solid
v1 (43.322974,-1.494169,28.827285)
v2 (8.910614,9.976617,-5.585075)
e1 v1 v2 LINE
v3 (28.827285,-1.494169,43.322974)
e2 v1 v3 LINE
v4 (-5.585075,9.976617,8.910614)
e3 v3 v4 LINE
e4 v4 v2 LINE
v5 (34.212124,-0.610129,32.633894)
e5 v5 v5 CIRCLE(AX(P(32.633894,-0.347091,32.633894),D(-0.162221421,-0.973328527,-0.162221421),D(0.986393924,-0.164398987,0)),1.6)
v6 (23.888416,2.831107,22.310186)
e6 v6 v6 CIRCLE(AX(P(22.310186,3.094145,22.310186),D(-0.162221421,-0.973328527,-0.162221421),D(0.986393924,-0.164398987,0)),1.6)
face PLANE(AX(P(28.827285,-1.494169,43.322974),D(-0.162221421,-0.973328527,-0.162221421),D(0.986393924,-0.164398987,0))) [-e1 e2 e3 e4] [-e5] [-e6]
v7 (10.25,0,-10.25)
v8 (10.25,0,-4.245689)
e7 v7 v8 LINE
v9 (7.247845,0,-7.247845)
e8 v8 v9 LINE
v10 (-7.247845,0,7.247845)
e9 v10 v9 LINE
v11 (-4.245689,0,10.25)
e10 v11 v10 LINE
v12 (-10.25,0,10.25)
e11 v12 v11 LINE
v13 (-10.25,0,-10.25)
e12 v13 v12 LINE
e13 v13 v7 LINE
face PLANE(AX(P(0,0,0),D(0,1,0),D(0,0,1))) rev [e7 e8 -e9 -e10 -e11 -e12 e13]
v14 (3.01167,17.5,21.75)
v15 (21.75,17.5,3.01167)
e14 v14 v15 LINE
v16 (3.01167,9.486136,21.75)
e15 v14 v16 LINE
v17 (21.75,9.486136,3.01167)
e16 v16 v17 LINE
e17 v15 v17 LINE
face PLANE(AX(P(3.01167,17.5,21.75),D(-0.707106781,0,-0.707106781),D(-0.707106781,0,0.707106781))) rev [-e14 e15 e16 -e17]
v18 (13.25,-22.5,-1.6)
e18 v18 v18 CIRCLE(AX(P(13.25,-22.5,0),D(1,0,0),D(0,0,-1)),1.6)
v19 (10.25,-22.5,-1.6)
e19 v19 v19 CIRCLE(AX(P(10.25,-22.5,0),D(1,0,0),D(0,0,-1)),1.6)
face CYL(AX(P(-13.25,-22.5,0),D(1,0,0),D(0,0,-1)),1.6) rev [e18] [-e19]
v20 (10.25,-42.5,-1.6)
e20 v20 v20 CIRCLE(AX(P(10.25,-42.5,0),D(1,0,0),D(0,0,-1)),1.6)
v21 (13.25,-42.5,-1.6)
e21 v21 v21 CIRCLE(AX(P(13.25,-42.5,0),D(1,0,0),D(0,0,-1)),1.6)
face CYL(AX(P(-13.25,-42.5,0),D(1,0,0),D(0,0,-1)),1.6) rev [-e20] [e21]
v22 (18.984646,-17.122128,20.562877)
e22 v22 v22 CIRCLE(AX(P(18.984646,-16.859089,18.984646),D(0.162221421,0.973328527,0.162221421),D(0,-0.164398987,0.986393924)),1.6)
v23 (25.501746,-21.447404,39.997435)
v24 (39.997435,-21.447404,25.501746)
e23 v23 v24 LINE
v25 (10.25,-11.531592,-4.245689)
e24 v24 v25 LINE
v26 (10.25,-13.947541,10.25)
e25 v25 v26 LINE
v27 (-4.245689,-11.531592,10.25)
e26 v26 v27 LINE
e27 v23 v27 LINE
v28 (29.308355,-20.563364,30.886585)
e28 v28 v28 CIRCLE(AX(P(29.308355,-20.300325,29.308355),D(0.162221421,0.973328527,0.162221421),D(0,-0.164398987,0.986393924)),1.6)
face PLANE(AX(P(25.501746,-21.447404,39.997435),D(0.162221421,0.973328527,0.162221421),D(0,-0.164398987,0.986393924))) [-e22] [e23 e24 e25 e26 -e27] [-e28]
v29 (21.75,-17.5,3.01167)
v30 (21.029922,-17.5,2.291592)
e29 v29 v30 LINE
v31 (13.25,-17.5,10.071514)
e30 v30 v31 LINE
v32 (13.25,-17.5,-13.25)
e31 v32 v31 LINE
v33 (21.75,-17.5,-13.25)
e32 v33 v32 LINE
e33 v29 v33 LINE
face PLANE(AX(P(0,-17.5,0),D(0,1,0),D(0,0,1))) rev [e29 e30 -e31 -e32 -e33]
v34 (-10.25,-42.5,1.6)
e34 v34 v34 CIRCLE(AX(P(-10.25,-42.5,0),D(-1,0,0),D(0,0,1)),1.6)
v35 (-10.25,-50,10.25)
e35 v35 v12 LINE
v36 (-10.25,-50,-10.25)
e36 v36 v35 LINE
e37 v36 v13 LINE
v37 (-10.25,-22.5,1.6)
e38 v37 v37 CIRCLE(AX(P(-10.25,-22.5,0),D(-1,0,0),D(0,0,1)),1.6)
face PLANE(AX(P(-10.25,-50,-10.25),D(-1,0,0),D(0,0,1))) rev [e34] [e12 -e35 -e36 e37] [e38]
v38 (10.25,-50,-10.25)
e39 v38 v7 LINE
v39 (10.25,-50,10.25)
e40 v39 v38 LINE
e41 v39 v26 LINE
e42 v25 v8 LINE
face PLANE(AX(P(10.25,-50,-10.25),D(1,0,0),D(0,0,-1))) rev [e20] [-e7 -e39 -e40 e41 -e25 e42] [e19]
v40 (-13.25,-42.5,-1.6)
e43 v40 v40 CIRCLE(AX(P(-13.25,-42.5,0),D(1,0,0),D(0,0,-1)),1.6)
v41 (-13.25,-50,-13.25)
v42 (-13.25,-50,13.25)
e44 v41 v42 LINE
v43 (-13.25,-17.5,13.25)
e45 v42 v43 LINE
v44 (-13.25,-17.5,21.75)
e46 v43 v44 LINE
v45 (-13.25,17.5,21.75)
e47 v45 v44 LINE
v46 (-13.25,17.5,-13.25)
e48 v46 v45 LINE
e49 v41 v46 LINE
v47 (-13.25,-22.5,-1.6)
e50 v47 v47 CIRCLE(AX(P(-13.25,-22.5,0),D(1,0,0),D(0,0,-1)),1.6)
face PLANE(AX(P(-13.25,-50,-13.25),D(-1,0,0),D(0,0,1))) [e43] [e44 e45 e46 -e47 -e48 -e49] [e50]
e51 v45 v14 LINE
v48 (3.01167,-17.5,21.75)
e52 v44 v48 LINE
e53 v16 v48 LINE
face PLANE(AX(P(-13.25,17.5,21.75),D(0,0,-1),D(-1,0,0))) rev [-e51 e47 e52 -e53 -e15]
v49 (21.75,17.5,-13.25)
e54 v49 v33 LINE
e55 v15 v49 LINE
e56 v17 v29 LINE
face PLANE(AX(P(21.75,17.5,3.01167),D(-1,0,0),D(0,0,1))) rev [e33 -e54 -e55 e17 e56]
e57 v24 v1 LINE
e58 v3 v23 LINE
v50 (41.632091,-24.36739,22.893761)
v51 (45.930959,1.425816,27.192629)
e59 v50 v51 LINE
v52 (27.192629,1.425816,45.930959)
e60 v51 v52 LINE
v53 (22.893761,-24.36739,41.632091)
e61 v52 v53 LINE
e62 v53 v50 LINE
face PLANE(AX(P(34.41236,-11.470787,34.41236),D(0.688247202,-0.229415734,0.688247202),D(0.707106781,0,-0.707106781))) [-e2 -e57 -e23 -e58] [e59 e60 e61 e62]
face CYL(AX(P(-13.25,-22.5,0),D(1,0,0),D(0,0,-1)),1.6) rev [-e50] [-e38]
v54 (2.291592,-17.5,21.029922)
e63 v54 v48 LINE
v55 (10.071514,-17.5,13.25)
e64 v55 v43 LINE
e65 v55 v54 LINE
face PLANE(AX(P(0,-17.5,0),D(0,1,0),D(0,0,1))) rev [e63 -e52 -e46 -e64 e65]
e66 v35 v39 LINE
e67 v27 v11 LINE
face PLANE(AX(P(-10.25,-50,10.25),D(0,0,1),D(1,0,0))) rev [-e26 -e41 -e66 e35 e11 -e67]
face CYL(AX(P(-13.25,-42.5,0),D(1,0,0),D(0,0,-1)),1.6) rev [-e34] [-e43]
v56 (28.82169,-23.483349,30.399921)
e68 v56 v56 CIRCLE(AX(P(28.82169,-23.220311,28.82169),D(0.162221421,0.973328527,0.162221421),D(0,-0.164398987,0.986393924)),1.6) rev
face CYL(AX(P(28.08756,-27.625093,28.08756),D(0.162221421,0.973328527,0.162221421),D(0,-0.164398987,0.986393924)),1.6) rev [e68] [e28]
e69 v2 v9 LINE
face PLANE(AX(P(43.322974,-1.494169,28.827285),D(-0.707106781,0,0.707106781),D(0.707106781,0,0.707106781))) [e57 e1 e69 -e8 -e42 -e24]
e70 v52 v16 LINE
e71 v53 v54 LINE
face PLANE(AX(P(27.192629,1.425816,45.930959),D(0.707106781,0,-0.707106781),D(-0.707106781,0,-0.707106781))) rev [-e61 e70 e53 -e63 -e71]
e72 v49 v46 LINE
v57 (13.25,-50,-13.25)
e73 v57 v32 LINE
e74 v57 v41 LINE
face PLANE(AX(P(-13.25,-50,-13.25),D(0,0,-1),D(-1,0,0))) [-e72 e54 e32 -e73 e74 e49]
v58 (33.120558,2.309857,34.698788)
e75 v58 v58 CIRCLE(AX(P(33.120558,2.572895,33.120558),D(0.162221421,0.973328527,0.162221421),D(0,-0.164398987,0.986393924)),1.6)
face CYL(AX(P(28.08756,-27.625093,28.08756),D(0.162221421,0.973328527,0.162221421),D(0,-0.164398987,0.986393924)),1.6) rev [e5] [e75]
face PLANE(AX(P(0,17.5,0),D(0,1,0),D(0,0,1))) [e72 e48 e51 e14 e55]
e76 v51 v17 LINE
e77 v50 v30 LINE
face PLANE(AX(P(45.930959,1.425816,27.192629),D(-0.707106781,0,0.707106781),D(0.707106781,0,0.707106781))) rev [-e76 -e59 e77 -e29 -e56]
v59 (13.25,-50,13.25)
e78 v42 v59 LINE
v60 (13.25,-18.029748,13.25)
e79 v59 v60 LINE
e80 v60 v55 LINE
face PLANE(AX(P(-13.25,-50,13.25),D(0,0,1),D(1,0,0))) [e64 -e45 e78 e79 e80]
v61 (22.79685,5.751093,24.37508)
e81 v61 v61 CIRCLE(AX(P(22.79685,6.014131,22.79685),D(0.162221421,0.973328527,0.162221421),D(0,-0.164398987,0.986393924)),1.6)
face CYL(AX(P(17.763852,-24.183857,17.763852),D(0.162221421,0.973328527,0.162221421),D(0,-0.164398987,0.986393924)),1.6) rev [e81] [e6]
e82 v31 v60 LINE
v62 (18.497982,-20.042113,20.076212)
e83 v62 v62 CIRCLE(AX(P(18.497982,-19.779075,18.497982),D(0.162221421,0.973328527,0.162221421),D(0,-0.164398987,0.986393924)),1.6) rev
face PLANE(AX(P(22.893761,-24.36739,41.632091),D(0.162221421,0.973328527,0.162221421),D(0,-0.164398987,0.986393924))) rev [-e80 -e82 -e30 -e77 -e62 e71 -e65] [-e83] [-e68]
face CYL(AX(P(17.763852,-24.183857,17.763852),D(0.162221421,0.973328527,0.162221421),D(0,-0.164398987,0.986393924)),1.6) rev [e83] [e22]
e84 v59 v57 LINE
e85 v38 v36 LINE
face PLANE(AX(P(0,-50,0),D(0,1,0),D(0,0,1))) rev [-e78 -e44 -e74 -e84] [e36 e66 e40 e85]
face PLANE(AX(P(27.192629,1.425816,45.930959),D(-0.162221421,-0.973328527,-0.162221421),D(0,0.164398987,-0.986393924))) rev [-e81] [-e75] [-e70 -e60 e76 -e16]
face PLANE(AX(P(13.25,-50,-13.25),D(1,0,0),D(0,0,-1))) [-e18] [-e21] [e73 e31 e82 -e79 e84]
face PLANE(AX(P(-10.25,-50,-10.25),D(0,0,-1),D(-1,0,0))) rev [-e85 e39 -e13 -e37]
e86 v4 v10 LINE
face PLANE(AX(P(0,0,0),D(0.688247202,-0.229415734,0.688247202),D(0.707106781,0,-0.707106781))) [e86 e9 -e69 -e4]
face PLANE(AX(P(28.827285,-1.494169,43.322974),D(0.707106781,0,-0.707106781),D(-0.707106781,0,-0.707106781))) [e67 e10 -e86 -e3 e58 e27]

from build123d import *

# Parameters (mm, degrees)
SKETCH_4_W          = 26.5
SKETCH_4_H          = 26.5
SKETCH_4_W_2        = 20.5
SKETCH_4_H_2        = 20.5
EXTRUDE_1_DEPTH     = 50
EXTRUDE_2_DEPTH     = 50
EXTRUDE_3_DEPTH     = 17.5
SKETCH_4_2_W        = 20.5
SKETCH_4_2_H        = 20.5
CUT_EXTRUDE_1_DEPTH = 82.971372719
CUT_EXTRUDE_2_DEPTH = 82.971372719
CUT_EXTRUDE_3_REACH = 90.259
SKETCH_7_R          = 1.6
SKETCH_9_R          = 1.6
CUT_EXTRUDE_4_DEPTH = 76.350501248


with BuildPart() as part:
    # 草图4 → 凸台-拉伸1 (new body)
    with BuildSketch(Plane(origin=(0, 0, 0), x_dir=(1, 0, 0), z_dir=(0, 1, 0))):
        Rectangle(SKETCH_4_W, SKETCH_4_H)
        Rectangle(SKETCH_4_W_2, SKETCH_4_H_2, mode=Mode.SUBTRACT)
    extrude(amount=-EXTRUDE_1_DEPTH)

    # 草图5 → 凸台-拉伸2 (add)
    with BuildSketch(Plane(origin=(0, 0, 0), x_dir=(0.7254762501100117, 0.21764287503300356, -0.6529286250990104), z_dir=(0.6882472016116853, -0.22941573387056186, 0.6882472016116854))):
        Polygon((-9.951712437, 15.877292577), (15.877292577, 9.951712437), (9.951712437, -15.877292577), (-15.877292577, -9.951712437), align=None)
        Polygon((-7.698494526, 12.28243388), (12.28243388, 7.698494526), (7.698494526, -12.28243388), (-12.28243388, -7.698494526), align=None, mode=Mode.SUBTRACT)
    extrude(amount=EXTRUDE_2_DEPTH)

    # 草图6 → 凸台-拉伸3 (add, symmetric)
    with BuildSketch(Plane(origin=(0, 0, 0), x_dir=(1, 0, 0), z_dir=(0, 1, 0))):
        Polygon((-13.25, 13.25), (-13.25, -21.75), (3.011670299, -21.75), (21.75, -3.011670299), (21.75, 13.25), align=None)
    extrude(amount=EXTRUDE_3_DEPTH, both=True)

    # 草图4<2> → 切除-拉伸1 (cut, through all)
    with BuildSketch(Plane(origin=(0, 0, 0), x_dir=(1, 0, 0), z_dir=(0, 1, 0))):
        Rectangle(SKETCH_4_2_W, SKETCH_4_2_H)
    extrude(amount=-CUT_EXTRUDE_1_DEPTH, mode=Mode.SUBTRACT)

    # 草图5<2> → 切除-拉伸2 (cut, through all)
    with BuildSketch(Plane(origin=(0, 0, 0), x_dir=(0.7254762501100117, 0.21764287503300356, -0.6529286250990104), z_dir=(0.6882472016116853, -0.22941573387056186, 0.6882472016116854))):
        Polygon((12.28243388, 7.698494526), (7.698494526, -12.28243388), (-12.28243388, -7.698494526), (-7.698494526, 12.28243388), align=None)
    extrude(amount=CUT_EXTRUDE_2_DEPTH, mode=Mode.SUBTRACT)

    # 切除-拉伸3: up to this face of the body (flat: up to its plane)
    cut_extrude_3_end = Plane(part.part.faces().sort_by_distance((22.026190668, -20.955144479, 22.026190668))[0])
    # 草图7 → 切除-拉伸3 (cut, up to the picked face)
    with BuildSketch(Plane(origin=(2.14943383, 12.89660298, 2.14943383), x_dir=(0.9867543820659302, -0.16001422411879954, -0.02666903735313327), z_dir=(0.16222142113076257, 0.9733285267845753, 0.16222142113076257)), mode=Mode.PRIVATE) as cut_extrude_3_sk1:
        with Locations(Location((31.386862461, -32.246935744, 0), (0, 0, 270))):
            Circle(SKETCH_7_R)
    cut_extrude_3_tool1 = split(extrude(cut_extrude_3_sk1.sketch, amount=-CUT_EXTRUDE_3_REACH, mode=Mode.PRIVATE), bisect_by=cut_extrude_3_end, keep=Keep.BOTH, mode=Mode.PRIVATE)
    # 草图7 → 切除-拉伸3 (cut, up to the picked face)
    with BuildSketch(Plane(origin=(2.14943383, 12.89660298, 2.14943383), x_dir=(0.9867543820659302, -0.16001422411879954, -0.02666903735313327), z_dir=(0.16222142113076257, 0.9733285267845753, 0.16222142113076257)), mode=Mode.PRIVATE) as cut_extrude_3_sk2:
        with Locations(Location((20.924574974, -21.497957163, 0), (0, 0, 270))):
            Circle(SKETCH_7_R)
    cut_extrude_3_tool2 = split(extrude(cut_extrude_3_sk2.sketch, amount=-CUT_EXTRUDE_3_REACH, mode=Mode.PRIVATE), bisect_by=cut_extrude_3_end, keep=Keep.BOTH, mode=Mode.PRIVATE)
    add(cut_extrude_3_tool1.solids().sort_by(Axis((33.120558, 2.572895, 33.120558), (-0.16222142113076257, -0.9733285267845753, -0.16222142113076257)))[0], mode=Mode.SUBTRACT)
    add(cut_extrude_3_tool2.solids().sort_by(Axis((22.79685, 6.014131, 22.79685), (-0.16222142113076257, -0.9733285267845753, -0.16222142113076257)))[0], mode=Mode.SUBTRACT)

    # 草图9 → 切除-拉伸4 (cut, through all)
    with BuildSketch(Plane(origin=(13.25, 0, 0), x_dir=(0, 0, -1), z_dir=(1, 0, 0))):
        with Locations((0, -42.5)):
            Circle(SKETCH_9_R)
        with Locations((0, -22.5)):
            Circle(SKETCH_9_R)
    extrude(amount=-CUT_EXTRUDE_4_DEPTH, mode=Mode.SUBTRACT)


solid = part.part
